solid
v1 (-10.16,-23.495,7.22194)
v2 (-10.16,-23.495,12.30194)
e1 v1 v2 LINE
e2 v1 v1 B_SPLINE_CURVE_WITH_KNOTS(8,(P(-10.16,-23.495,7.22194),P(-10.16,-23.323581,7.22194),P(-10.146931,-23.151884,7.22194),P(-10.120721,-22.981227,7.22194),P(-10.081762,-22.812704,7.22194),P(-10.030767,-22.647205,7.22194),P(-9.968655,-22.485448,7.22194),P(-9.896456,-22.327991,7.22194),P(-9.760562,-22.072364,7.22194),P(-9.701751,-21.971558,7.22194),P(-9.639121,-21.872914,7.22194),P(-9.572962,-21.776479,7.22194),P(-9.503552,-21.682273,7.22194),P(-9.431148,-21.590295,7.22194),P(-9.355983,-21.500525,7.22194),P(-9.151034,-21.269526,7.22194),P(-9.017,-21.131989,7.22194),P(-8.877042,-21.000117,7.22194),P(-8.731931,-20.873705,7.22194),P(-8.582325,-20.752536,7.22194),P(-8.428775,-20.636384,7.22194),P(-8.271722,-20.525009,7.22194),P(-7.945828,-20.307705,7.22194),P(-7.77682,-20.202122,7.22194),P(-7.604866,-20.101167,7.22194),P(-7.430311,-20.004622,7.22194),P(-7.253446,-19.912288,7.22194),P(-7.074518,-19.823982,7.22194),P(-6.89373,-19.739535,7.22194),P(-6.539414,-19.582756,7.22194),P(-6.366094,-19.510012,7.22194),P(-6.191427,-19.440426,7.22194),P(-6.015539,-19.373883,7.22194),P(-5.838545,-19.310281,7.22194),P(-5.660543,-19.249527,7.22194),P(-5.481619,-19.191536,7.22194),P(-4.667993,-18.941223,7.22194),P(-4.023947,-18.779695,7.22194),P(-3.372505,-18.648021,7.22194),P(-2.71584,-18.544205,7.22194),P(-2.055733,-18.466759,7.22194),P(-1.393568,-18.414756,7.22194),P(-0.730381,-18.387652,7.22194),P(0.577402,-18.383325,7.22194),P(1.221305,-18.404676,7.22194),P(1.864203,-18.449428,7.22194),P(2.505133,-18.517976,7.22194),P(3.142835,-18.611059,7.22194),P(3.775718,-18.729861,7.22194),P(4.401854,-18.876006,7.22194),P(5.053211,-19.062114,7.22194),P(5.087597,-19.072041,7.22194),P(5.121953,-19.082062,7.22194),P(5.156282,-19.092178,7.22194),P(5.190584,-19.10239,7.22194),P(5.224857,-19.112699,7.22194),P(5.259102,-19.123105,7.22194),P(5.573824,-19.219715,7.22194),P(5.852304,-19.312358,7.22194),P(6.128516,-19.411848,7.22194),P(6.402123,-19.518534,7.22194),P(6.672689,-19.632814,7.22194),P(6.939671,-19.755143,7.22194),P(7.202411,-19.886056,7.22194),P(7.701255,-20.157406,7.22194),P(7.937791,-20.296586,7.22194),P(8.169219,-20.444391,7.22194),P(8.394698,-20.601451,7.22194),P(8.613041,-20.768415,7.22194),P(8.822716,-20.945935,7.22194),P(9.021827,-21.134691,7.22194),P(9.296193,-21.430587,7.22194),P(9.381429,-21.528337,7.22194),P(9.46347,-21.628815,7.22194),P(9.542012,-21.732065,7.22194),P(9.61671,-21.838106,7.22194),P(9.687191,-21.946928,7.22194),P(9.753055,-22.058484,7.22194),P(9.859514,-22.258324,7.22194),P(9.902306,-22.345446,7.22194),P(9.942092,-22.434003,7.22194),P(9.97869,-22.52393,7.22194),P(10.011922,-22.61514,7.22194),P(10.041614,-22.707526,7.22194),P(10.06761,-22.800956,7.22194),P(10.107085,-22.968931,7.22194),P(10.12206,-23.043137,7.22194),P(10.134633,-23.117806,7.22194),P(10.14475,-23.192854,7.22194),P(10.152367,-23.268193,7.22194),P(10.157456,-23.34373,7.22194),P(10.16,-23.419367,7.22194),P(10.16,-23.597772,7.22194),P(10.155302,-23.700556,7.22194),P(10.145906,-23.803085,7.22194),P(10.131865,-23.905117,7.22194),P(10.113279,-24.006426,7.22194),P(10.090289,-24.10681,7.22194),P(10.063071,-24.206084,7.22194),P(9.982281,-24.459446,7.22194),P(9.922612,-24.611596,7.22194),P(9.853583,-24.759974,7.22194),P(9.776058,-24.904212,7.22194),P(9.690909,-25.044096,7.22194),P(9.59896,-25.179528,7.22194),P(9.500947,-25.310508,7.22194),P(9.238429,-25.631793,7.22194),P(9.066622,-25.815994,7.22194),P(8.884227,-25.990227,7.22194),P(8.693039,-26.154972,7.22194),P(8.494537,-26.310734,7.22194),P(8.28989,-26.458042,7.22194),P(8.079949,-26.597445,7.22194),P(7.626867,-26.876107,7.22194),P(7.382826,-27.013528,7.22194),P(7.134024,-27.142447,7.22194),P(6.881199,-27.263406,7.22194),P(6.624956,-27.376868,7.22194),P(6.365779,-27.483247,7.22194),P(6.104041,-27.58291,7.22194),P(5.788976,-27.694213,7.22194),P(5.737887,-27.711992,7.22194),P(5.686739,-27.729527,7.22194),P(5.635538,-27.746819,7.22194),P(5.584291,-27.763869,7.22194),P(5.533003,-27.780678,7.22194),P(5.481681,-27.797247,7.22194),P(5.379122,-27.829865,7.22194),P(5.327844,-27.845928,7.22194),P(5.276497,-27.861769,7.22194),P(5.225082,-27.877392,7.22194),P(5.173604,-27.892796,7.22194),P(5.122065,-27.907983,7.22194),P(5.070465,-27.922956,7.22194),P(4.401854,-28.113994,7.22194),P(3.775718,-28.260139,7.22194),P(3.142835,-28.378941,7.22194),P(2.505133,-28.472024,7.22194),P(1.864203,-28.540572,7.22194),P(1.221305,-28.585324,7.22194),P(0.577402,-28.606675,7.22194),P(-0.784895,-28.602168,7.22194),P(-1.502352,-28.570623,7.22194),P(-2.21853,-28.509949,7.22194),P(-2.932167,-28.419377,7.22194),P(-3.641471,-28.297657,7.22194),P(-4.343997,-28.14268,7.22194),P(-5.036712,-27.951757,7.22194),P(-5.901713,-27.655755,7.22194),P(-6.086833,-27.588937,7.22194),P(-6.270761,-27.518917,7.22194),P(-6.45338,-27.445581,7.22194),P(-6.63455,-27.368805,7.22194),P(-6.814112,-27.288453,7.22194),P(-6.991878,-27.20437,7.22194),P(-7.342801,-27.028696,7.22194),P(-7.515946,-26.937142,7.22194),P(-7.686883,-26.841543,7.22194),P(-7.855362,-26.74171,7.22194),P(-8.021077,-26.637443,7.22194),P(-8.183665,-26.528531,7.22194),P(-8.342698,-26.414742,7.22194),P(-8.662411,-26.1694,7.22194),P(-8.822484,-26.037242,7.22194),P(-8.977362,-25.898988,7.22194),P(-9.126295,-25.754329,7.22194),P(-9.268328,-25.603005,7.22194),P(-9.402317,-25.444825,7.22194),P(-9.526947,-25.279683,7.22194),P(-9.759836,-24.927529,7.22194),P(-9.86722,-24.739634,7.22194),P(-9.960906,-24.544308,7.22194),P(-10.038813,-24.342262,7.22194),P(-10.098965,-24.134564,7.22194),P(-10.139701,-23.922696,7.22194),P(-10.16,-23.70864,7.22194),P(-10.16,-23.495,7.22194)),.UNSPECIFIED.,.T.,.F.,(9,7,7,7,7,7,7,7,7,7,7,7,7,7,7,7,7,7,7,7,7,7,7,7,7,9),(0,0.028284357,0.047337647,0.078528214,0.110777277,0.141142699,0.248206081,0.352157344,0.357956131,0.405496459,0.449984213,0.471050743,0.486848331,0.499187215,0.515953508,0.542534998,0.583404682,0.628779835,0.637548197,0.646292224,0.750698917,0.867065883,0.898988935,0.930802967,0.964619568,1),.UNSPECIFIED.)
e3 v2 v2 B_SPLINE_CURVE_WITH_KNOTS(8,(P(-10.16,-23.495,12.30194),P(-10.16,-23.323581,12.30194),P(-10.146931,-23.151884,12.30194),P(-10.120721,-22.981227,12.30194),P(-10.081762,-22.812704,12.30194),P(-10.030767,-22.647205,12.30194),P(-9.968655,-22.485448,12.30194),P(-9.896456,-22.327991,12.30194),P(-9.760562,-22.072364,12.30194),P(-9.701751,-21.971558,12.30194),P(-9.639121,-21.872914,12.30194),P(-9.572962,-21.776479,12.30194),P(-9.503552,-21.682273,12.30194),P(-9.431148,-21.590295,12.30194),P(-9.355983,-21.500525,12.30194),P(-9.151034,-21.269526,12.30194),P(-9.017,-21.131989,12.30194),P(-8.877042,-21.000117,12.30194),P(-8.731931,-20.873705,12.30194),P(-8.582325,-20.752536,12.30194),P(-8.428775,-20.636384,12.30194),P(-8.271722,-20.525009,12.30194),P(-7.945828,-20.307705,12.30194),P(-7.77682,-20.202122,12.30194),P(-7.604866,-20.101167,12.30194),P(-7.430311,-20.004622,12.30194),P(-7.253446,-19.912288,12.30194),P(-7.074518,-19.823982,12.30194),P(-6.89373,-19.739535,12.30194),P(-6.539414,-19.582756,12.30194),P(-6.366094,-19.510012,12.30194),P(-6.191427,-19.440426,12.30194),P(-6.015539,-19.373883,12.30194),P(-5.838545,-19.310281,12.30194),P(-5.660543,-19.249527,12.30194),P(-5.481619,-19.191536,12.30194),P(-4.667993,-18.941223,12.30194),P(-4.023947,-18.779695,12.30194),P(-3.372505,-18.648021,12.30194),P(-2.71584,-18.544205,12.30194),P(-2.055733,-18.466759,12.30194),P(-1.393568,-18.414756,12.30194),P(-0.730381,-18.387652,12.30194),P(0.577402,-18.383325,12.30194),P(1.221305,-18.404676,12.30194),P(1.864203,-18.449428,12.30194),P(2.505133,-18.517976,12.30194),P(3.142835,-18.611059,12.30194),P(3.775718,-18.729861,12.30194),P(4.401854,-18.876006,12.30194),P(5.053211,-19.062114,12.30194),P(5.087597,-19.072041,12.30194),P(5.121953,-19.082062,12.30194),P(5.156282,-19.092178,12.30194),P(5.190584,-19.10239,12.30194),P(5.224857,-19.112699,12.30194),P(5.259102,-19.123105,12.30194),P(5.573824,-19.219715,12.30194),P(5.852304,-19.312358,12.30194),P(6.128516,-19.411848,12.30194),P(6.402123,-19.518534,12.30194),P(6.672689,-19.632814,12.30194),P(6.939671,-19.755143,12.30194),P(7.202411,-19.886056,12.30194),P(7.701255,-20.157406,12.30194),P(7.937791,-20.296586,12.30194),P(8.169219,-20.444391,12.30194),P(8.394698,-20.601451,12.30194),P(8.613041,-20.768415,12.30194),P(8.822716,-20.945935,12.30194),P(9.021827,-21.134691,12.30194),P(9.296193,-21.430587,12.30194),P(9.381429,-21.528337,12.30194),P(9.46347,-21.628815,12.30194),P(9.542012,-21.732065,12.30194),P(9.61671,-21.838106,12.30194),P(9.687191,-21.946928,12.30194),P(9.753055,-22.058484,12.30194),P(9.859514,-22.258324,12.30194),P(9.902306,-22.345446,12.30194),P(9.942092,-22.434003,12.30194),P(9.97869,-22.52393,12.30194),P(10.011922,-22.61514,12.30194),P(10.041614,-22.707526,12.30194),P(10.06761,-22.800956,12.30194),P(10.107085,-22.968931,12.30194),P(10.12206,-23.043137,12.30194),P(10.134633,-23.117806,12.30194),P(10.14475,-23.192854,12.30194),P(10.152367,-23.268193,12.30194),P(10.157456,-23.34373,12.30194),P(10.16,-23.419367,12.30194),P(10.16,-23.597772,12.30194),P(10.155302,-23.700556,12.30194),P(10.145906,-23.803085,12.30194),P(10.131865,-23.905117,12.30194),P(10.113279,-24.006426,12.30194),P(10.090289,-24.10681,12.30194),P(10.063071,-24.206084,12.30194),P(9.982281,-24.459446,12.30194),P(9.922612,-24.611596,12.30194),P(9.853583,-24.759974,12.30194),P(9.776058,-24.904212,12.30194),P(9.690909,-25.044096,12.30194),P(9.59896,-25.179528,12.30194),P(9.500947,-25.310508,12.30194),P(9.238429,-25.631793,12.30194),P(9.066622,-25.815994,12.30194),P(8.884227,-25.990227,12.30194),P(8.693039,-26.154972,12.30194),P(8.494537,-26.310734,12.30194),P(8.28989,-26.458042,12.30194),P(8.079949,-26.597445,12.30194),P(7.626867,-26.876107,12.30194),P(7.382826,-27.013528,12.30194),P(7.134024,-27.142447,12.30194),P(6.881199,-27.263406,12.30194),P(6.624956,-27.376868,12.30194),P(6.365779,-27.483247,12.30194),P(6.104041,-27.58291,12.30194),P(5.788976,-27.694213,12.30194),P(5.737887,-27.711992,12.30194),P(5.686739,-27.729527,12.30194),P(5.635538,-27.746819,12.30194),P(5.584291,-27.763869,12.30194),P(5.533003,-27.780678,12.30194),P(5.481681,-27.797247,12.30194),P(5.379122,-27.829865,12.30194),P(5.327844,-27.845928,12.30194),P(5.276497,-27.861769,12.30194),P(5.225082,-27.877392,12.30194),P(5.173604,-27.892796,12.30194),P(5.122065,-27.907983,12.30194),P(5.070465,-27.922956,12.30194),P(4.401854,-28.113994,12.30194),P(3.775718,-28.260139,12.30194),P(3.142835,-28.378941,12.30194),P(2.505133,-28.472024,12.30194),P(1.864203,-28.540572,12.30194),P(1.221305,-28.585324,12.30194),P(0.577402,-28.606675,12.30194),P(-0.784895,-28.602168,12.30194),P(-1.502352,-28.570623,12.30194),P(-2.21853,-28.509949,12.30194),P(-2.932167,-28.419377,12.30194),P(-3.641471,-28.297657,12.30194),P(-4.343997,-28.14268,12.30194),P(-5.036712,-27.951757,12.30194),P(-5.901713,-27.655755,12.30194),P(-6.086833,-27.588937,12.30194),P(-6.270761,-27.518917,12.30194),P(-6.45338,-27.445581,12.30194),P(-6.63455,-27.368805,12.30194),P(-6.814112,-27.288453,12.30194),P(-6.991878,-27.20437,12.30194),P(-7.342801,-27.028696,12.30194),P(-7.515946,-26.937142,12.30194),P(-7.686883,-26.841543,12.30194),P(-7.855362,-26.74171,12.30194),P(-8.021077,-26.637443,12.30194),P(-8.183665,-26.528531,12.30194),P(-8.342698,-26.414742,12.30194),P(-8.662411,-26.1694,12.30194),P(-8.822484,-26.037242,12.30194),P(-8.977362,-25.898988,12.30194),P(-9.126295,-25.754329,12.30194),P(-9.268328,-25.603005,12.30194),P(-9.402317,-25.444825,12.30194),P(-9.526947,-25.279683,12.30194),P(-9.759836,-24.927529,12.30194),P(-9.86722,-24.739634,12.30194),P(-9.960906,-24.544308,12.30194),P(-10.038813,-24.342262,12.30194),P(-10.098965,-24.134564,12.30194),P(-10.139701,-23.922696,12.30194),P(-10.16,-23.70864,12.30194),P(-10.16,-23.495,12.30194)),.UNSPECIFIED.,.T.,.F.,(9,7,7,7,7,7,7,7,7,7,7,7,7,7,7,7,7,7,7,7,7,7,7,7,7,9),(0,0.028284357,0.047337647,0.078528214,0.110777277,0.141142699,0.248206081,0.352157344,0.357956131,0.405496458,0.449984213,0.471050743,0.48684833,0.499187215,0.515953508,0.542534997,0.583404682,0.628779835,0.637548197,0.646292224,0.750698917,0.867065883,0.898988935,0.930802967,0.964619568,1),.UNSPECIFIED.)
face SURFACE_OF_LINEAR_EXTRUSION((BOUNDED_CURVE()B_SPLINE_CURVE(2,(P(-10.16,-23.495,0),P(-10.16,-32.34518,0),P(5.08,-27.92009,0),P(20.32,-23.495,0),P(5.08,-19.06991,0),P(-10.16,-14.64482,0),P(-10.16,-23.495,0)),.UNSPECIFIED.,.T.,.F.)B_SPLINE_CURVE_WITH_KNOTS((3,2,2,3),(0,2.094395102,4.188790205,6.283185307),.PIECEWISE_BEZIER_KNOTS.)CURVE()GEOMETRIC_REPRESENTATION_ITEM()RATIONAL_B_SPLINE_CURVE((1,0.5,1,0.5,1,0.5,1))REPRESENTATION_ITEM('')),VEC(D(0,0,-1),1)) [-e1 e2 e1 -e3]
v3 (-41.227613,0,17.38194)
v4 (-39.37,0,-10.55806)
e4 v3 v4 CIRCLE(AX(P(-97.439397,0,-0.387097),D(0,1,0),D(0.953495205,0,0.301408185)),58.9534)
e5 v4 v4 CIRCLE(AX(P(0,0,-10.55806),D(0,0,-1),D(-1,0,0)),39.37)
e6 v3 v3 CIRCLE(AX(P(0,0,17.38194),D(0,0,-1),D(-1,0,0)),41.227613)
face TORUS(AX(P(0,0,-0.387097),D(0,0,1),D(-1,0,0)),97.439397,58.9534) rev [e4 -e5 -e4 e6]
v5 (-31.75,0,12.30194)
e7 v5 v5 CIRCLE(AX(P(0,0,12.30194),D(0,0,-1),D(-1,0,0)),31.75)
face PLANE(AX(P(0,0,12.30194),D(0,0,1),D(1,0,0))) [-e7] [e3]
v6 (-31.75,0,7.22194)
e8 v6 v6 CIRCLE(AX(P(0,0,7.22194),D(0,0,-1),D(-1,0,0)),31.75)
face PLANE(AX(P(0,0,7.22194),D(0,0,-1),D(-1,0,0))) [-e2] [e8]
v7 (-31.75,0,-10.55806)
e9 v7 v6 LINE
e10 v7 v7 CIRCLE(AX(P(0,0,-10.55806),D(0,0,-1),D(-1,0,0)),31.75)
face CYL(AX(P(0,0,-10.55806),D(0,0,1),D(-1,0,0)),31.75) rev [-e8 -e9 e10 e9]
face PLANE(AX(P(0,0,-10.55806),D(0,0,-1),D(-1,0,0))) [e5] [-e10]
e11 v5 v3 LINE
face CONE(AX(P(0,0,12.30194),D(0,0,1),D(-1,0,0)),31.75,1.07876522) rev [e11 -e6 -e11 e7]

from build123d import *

# Parameters (mm, degrees)
F0_W     = 8.89
F0_H     = 5.08
F0_W_2   = 18.909738571
F3_DEPTH = 27.94


with BuildPart() as f2:
    # F0 (on Front) → F2 (revolve)
    with BuildSketch(Plane.XZ):
        with BuildLine():
            Line((-31.75, 12.3019401812), (-41.2276129638, 17.3819401812))
            ThreePointArc((-41.2276129638, 17.3819401812), (-38.6158644289, 3.5238319126), (-39.37, -10.5580598188))
            Line((-39.37, -10.5580598188), (-31.75, -10.5580598188))
            Line((-31.75, -10.5580598188), (-31.75, 7.2219401812))
            Line((-31.75, 7.2219401812), (-27.799738571, 7.2219401812))
            Line((-27.799738571, 7.2219401812), (-27.799738571, 12.3019401812))
            Line((-27.799738571, 12.3019401812), (-31.75, 12.3019401812))
        make_face()
        with Locations((-23.354738571, 9.7619401812)):
            Rectangle(F0_W, F0_H)
        with Locations((-9.4548692855, 9.7619401812)):
            Rectangle(F0_W_2, F0_H)
    revolve(axis=Axis((0, 0, 3.4119401812), (0, 0, -1)))

    # F1 (on Top) → F3 (cut)
    with BuildSketch(Plane.XY):
        with BuildLine():
            add(Edge.make_bspline(
                [(-10.16, -23.495), (-10.16, -32.3451804674), (5.08, -27.9200902337), (20.32, -23.495), (5.08, -19.0699097663), (-10.16, -14.6448195326), (-10.16, -23.495)],
                knots=[0, 0, 0, 2.0943951024, 2.0943951024, 4.1887902048, 4.1887902048, 6.2831853072, 6.2831853072, 6.2831853072], degree=2, weights=[1, 0.5, 1, 0.5, 1, 0.5, 1]))
        make_face()
    extrude(amount=F3_DEPTH, mode=Mode.SUBTRACT)


solid = f2.part
